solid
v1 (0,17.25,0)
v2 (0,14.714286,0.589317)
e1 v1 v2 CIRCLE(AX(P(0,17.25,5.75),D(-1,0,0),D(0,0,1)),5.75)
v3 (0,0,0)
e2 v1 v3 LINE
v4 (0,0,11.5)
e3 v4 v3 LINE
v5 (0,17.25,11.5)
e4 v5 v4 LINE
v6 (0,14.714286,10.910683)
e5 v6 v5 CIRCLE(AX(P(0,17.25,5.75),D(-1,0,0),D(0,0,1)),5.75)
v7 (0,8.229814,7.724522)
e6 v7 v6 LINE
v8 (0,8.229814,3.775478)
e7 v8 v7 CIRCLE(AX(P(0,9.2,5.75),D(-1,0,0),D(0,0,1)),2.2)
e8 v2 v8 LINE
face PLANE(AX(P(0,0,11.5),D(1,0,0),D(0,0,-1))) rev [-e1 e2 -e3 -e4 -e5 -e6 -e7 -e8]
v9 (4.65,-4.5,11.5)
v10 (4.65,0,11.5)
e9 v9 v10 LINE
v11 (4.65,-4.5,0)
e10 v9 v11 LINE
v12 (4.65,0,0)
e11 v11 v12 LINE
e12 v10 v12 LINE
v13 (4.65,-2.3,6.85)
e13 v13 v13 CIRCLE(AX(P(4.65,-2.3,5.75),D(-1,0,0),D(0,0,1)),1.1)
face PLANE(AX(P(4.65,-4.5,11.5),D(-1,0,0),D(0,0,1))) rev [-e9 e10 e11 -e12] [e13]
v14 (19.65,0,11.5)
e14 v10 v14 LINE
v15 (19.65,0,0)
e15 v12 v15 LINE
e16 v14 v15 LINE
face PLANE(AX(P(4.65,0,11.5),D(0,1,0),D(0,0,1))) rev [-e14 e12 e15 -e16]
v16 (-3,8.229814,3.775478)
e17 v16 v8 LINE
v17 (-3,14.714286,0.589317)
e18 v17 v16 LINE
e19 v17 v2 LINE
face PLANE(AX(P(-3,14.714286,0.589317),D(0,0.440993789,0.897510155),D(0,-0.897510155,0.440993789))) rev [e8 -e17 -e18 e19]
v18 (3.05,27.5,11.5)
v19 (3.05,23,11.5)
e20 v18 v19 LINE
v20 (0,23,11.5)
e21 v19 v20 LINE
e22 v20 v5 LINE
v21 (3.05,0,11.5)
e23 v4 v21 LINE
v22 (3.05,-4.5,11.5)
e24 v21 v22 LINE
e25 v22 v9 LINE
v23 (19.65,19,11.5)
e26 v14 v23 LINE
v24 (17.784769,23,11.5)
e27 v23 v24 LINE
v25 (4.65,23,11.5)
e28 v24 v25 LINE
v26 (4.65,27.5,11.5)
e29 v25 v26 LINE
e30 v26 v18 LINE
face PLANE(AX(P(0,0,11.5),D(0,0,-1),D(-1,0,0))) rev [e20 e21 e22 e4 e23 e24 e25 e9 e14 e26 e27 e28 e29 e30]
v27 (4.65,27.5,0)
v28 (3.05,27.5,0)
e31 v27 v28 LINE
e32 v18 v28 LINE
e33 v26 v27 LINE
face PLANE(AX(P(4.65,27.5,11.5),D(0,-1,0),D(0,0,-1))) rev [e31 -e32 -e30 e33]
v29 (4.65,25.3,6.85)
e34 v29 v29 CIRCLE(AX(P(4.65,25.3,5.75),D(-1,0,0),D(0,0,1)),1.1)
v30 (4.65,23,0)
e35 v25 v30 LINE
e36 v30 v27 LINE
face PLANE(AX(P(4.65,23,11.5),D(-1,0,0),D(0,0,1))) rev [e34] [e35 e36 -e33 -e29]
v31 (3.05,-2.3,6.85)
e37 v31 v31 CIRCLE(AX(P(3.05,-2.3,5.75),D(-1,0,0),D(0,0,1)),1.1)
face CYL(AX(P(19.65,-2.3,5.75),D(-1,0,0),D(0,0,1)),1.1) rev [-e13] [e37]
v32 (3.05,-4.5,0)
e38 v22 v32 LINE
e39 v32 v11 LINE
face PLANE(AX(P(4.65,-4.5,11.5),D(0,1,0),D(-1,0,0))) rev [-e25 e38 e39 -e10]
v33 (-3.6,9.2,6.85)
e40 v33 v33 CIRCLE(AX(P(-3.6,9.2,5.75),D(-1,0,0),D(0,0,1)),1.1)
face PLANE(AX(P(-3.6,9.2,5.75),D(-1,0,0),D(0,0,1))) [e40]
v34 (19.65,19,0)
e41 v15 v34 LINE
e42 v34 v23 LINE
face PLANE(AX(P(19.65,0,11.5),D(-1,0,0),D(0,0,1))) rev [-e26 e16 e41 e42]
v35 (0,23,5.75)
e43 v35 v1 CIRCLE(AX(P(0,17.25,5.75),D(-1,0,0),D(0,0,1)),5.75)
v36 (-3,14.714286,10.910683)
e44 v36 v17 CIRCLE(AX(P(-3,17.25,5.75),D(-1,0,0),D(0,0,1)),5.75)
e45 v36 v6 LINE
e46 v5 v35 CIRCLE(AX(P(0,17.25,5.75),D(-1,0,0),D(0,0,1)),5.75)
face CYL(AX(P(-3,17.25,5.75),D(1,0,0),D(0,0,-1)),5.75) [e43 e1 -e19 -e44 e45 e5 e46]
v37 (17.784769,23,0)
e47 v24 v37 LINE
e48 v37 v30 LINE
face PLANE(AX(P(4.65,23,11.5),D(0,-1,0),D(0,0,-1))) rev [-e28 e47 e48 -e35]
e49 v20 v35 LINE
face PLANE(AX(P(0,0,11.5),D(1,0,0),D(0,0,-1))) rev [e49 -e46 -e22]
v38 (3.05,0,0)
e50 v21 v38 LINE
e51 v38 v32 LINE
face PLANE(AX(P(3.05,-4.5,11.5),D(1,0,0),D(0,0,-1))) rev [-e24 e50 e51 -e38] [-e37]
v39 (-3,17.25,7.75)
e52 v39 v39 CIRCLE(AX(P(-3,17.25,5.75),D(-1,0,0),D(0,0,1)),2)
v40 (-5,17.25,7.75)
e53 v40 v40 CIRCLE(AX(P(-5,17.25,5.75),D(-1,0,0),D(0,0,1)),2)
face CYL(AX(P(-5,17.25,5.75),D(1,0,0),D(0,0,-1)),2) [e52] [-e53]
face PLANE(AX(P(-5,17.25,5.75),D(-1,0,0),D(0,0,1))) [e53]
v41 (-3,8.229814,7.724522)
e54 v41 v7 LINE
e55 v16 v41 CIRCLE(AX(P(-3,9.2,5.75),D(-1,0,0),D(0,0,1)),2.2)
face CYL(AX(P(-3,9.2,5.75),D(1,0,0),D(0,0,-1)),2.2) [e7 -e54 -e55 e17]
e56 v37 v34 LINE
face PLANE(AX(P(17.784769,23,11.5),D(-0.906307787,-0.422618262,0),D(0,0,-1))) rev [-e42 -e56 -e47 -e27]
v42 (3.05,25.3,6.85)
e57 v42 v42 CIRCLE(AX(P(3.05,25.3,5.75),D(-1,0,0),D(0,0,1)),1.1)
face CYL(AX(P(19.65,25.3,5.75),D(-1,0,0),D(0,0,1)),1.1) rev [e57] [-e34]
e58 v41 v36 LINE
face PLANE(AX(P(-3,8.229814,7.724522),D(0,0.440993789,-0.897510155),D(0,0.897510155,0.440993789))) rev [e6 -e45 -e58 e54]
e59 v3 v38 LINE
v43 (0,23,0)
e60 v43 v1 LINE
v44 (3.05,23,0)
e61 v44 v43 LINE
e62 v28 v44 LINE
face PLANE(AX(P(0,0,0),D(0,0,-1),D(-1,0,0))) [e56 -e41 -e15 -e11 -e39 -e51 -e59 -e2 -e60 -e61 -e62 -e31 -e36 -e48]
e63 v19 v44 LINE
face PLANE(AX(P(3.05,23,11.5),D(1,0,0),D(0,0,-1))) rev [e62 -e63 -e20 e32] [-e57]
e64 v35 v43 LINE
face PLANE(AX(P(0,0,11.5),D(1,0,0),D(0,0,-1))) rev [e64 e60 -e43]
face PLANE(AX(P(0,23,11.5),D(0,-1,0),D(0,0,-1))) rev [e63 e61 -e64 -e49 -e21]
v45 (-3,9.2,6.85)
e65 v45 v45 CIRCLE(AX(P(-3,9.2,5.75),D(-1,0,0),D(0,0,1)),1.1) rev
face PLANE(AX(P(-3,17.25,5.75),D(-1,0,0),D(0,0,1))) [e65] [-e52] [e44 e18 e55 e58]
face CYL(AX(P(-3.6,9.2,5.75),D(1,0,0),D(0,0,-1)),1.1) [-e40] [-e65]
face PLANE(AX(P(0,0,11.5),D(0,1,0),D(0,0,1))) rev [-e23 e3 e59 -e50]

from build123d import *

# Parameters (mm, degrees)
EXTRUDE_1_DEPTH     = 11.5
SKETCH_3_R          = 1.1
CUT_EXTRUDE_1_DEPTH = 17.6
SKETCH_6_R          = 1.1
CUT_EXTRUDE_2_DEPTH = 17.6
EXTRUDE_2_DEPTH     = 3
SKETCH_8_R          = 1.1
EXTRUDE_3_DEPTH     = 3.6
SKETCH_11_R         = 2
EXTRUDE_4_DEPTH     = 2
CHAMFER_1_SIZE      = 4
CHAMFER_1_SIZE2     = 1.865230633


with BuildPart() as part:
    # 草图1 → 凸台-拉伸1 (new body)
    with BuildSketch(Plane.XY):
        Polygon((4.65, 23), (4.65, 27.5), (3.05, 27.5), (3.05, 23), (0, 23), (0, 0), (3.05, 0), (3.05, -4.5), (4.65, -4.5), (4.65, 0), (19.65, 0), (19.65, 23), align=None)
    extrude(amount=EXTRUDE_1_DEPTH)

    # 草图3 → 切除-拉伸1 (cut, through all)
    with BuildSketch(Plane.ZY.offset(-3.05)):
        with Locations((5.75, 25.3)):
            Circle(SKETCH_3_R)
    extrude(amount=-CUT_EXTRUDE_1_DEPTH, mode=Mode.SUBTRACT)

    # 草图6 → 切除-拉伸2 (cut, through all)
    with BuildSketch(Plane.ZY.offset(-3.05)):
        with Locations((5.75, -2.3)):
            Circle(SKETCH_6_R)
    extrude(amount=-CUT_EXTRUDE_2_DEPTH, mode=Mode.SUBTRACT)

    # 草图10 → 凸台-拉伸2 (add)
    with BuildSketch(Plane.ZY):
        with BuildLine():
            Line((0.589316609, 14.714285714), (3.775477659, 8.229813665))
            ThreePointArc((3.775477659, 8.229813665), (5.75, 7), (7.724522341, 8.229813665))
            Line((7.724522341, 8.229813665), (10.910683391, 14.714285714))
            ThreePointArc((10.910683391, 14.714285714), (5.75, 23), (0.589316609, 14.714285714))
        make_face()
    extrude(amount=EXTRUDE_2_DEPTH)

    # 草图8 → 凸台-拉伸3 (add)
    with BuildSketch(Plane.ZY):
        with Locations((5.75, 9.2)):
            Circle(SKETCH_8_R)
    extrude(amount=EXTRUDE_3_DEPTH)

    # 草图11 → 凸台-拉伸4 (add)
    with BuildSketch(Plane.ZY.offset(3)):
        with Locations((5.75, 17.25)):
            Circle(SKETCH_11_R)
    extrude(amount=EXTRUDE_4_DEPTH)

    # 倒角1
    chamfer_1_edges = [part.edges().sort_by_distance(p)[0] for p in [
        (19.65, 23, 5.75),
    ]]
    chamfer_1_side = [part.faces().sort_by_distance(p)[0] for p in [
        (19.65, 11.5, 5.75),
    ]]
    chamfer(chamfer_1_edges, length=CHAMFER_1_SIZE, length2=CHAMFER_1_SIZE2, reference=chamfer_1_side[0])


solid = part.part
